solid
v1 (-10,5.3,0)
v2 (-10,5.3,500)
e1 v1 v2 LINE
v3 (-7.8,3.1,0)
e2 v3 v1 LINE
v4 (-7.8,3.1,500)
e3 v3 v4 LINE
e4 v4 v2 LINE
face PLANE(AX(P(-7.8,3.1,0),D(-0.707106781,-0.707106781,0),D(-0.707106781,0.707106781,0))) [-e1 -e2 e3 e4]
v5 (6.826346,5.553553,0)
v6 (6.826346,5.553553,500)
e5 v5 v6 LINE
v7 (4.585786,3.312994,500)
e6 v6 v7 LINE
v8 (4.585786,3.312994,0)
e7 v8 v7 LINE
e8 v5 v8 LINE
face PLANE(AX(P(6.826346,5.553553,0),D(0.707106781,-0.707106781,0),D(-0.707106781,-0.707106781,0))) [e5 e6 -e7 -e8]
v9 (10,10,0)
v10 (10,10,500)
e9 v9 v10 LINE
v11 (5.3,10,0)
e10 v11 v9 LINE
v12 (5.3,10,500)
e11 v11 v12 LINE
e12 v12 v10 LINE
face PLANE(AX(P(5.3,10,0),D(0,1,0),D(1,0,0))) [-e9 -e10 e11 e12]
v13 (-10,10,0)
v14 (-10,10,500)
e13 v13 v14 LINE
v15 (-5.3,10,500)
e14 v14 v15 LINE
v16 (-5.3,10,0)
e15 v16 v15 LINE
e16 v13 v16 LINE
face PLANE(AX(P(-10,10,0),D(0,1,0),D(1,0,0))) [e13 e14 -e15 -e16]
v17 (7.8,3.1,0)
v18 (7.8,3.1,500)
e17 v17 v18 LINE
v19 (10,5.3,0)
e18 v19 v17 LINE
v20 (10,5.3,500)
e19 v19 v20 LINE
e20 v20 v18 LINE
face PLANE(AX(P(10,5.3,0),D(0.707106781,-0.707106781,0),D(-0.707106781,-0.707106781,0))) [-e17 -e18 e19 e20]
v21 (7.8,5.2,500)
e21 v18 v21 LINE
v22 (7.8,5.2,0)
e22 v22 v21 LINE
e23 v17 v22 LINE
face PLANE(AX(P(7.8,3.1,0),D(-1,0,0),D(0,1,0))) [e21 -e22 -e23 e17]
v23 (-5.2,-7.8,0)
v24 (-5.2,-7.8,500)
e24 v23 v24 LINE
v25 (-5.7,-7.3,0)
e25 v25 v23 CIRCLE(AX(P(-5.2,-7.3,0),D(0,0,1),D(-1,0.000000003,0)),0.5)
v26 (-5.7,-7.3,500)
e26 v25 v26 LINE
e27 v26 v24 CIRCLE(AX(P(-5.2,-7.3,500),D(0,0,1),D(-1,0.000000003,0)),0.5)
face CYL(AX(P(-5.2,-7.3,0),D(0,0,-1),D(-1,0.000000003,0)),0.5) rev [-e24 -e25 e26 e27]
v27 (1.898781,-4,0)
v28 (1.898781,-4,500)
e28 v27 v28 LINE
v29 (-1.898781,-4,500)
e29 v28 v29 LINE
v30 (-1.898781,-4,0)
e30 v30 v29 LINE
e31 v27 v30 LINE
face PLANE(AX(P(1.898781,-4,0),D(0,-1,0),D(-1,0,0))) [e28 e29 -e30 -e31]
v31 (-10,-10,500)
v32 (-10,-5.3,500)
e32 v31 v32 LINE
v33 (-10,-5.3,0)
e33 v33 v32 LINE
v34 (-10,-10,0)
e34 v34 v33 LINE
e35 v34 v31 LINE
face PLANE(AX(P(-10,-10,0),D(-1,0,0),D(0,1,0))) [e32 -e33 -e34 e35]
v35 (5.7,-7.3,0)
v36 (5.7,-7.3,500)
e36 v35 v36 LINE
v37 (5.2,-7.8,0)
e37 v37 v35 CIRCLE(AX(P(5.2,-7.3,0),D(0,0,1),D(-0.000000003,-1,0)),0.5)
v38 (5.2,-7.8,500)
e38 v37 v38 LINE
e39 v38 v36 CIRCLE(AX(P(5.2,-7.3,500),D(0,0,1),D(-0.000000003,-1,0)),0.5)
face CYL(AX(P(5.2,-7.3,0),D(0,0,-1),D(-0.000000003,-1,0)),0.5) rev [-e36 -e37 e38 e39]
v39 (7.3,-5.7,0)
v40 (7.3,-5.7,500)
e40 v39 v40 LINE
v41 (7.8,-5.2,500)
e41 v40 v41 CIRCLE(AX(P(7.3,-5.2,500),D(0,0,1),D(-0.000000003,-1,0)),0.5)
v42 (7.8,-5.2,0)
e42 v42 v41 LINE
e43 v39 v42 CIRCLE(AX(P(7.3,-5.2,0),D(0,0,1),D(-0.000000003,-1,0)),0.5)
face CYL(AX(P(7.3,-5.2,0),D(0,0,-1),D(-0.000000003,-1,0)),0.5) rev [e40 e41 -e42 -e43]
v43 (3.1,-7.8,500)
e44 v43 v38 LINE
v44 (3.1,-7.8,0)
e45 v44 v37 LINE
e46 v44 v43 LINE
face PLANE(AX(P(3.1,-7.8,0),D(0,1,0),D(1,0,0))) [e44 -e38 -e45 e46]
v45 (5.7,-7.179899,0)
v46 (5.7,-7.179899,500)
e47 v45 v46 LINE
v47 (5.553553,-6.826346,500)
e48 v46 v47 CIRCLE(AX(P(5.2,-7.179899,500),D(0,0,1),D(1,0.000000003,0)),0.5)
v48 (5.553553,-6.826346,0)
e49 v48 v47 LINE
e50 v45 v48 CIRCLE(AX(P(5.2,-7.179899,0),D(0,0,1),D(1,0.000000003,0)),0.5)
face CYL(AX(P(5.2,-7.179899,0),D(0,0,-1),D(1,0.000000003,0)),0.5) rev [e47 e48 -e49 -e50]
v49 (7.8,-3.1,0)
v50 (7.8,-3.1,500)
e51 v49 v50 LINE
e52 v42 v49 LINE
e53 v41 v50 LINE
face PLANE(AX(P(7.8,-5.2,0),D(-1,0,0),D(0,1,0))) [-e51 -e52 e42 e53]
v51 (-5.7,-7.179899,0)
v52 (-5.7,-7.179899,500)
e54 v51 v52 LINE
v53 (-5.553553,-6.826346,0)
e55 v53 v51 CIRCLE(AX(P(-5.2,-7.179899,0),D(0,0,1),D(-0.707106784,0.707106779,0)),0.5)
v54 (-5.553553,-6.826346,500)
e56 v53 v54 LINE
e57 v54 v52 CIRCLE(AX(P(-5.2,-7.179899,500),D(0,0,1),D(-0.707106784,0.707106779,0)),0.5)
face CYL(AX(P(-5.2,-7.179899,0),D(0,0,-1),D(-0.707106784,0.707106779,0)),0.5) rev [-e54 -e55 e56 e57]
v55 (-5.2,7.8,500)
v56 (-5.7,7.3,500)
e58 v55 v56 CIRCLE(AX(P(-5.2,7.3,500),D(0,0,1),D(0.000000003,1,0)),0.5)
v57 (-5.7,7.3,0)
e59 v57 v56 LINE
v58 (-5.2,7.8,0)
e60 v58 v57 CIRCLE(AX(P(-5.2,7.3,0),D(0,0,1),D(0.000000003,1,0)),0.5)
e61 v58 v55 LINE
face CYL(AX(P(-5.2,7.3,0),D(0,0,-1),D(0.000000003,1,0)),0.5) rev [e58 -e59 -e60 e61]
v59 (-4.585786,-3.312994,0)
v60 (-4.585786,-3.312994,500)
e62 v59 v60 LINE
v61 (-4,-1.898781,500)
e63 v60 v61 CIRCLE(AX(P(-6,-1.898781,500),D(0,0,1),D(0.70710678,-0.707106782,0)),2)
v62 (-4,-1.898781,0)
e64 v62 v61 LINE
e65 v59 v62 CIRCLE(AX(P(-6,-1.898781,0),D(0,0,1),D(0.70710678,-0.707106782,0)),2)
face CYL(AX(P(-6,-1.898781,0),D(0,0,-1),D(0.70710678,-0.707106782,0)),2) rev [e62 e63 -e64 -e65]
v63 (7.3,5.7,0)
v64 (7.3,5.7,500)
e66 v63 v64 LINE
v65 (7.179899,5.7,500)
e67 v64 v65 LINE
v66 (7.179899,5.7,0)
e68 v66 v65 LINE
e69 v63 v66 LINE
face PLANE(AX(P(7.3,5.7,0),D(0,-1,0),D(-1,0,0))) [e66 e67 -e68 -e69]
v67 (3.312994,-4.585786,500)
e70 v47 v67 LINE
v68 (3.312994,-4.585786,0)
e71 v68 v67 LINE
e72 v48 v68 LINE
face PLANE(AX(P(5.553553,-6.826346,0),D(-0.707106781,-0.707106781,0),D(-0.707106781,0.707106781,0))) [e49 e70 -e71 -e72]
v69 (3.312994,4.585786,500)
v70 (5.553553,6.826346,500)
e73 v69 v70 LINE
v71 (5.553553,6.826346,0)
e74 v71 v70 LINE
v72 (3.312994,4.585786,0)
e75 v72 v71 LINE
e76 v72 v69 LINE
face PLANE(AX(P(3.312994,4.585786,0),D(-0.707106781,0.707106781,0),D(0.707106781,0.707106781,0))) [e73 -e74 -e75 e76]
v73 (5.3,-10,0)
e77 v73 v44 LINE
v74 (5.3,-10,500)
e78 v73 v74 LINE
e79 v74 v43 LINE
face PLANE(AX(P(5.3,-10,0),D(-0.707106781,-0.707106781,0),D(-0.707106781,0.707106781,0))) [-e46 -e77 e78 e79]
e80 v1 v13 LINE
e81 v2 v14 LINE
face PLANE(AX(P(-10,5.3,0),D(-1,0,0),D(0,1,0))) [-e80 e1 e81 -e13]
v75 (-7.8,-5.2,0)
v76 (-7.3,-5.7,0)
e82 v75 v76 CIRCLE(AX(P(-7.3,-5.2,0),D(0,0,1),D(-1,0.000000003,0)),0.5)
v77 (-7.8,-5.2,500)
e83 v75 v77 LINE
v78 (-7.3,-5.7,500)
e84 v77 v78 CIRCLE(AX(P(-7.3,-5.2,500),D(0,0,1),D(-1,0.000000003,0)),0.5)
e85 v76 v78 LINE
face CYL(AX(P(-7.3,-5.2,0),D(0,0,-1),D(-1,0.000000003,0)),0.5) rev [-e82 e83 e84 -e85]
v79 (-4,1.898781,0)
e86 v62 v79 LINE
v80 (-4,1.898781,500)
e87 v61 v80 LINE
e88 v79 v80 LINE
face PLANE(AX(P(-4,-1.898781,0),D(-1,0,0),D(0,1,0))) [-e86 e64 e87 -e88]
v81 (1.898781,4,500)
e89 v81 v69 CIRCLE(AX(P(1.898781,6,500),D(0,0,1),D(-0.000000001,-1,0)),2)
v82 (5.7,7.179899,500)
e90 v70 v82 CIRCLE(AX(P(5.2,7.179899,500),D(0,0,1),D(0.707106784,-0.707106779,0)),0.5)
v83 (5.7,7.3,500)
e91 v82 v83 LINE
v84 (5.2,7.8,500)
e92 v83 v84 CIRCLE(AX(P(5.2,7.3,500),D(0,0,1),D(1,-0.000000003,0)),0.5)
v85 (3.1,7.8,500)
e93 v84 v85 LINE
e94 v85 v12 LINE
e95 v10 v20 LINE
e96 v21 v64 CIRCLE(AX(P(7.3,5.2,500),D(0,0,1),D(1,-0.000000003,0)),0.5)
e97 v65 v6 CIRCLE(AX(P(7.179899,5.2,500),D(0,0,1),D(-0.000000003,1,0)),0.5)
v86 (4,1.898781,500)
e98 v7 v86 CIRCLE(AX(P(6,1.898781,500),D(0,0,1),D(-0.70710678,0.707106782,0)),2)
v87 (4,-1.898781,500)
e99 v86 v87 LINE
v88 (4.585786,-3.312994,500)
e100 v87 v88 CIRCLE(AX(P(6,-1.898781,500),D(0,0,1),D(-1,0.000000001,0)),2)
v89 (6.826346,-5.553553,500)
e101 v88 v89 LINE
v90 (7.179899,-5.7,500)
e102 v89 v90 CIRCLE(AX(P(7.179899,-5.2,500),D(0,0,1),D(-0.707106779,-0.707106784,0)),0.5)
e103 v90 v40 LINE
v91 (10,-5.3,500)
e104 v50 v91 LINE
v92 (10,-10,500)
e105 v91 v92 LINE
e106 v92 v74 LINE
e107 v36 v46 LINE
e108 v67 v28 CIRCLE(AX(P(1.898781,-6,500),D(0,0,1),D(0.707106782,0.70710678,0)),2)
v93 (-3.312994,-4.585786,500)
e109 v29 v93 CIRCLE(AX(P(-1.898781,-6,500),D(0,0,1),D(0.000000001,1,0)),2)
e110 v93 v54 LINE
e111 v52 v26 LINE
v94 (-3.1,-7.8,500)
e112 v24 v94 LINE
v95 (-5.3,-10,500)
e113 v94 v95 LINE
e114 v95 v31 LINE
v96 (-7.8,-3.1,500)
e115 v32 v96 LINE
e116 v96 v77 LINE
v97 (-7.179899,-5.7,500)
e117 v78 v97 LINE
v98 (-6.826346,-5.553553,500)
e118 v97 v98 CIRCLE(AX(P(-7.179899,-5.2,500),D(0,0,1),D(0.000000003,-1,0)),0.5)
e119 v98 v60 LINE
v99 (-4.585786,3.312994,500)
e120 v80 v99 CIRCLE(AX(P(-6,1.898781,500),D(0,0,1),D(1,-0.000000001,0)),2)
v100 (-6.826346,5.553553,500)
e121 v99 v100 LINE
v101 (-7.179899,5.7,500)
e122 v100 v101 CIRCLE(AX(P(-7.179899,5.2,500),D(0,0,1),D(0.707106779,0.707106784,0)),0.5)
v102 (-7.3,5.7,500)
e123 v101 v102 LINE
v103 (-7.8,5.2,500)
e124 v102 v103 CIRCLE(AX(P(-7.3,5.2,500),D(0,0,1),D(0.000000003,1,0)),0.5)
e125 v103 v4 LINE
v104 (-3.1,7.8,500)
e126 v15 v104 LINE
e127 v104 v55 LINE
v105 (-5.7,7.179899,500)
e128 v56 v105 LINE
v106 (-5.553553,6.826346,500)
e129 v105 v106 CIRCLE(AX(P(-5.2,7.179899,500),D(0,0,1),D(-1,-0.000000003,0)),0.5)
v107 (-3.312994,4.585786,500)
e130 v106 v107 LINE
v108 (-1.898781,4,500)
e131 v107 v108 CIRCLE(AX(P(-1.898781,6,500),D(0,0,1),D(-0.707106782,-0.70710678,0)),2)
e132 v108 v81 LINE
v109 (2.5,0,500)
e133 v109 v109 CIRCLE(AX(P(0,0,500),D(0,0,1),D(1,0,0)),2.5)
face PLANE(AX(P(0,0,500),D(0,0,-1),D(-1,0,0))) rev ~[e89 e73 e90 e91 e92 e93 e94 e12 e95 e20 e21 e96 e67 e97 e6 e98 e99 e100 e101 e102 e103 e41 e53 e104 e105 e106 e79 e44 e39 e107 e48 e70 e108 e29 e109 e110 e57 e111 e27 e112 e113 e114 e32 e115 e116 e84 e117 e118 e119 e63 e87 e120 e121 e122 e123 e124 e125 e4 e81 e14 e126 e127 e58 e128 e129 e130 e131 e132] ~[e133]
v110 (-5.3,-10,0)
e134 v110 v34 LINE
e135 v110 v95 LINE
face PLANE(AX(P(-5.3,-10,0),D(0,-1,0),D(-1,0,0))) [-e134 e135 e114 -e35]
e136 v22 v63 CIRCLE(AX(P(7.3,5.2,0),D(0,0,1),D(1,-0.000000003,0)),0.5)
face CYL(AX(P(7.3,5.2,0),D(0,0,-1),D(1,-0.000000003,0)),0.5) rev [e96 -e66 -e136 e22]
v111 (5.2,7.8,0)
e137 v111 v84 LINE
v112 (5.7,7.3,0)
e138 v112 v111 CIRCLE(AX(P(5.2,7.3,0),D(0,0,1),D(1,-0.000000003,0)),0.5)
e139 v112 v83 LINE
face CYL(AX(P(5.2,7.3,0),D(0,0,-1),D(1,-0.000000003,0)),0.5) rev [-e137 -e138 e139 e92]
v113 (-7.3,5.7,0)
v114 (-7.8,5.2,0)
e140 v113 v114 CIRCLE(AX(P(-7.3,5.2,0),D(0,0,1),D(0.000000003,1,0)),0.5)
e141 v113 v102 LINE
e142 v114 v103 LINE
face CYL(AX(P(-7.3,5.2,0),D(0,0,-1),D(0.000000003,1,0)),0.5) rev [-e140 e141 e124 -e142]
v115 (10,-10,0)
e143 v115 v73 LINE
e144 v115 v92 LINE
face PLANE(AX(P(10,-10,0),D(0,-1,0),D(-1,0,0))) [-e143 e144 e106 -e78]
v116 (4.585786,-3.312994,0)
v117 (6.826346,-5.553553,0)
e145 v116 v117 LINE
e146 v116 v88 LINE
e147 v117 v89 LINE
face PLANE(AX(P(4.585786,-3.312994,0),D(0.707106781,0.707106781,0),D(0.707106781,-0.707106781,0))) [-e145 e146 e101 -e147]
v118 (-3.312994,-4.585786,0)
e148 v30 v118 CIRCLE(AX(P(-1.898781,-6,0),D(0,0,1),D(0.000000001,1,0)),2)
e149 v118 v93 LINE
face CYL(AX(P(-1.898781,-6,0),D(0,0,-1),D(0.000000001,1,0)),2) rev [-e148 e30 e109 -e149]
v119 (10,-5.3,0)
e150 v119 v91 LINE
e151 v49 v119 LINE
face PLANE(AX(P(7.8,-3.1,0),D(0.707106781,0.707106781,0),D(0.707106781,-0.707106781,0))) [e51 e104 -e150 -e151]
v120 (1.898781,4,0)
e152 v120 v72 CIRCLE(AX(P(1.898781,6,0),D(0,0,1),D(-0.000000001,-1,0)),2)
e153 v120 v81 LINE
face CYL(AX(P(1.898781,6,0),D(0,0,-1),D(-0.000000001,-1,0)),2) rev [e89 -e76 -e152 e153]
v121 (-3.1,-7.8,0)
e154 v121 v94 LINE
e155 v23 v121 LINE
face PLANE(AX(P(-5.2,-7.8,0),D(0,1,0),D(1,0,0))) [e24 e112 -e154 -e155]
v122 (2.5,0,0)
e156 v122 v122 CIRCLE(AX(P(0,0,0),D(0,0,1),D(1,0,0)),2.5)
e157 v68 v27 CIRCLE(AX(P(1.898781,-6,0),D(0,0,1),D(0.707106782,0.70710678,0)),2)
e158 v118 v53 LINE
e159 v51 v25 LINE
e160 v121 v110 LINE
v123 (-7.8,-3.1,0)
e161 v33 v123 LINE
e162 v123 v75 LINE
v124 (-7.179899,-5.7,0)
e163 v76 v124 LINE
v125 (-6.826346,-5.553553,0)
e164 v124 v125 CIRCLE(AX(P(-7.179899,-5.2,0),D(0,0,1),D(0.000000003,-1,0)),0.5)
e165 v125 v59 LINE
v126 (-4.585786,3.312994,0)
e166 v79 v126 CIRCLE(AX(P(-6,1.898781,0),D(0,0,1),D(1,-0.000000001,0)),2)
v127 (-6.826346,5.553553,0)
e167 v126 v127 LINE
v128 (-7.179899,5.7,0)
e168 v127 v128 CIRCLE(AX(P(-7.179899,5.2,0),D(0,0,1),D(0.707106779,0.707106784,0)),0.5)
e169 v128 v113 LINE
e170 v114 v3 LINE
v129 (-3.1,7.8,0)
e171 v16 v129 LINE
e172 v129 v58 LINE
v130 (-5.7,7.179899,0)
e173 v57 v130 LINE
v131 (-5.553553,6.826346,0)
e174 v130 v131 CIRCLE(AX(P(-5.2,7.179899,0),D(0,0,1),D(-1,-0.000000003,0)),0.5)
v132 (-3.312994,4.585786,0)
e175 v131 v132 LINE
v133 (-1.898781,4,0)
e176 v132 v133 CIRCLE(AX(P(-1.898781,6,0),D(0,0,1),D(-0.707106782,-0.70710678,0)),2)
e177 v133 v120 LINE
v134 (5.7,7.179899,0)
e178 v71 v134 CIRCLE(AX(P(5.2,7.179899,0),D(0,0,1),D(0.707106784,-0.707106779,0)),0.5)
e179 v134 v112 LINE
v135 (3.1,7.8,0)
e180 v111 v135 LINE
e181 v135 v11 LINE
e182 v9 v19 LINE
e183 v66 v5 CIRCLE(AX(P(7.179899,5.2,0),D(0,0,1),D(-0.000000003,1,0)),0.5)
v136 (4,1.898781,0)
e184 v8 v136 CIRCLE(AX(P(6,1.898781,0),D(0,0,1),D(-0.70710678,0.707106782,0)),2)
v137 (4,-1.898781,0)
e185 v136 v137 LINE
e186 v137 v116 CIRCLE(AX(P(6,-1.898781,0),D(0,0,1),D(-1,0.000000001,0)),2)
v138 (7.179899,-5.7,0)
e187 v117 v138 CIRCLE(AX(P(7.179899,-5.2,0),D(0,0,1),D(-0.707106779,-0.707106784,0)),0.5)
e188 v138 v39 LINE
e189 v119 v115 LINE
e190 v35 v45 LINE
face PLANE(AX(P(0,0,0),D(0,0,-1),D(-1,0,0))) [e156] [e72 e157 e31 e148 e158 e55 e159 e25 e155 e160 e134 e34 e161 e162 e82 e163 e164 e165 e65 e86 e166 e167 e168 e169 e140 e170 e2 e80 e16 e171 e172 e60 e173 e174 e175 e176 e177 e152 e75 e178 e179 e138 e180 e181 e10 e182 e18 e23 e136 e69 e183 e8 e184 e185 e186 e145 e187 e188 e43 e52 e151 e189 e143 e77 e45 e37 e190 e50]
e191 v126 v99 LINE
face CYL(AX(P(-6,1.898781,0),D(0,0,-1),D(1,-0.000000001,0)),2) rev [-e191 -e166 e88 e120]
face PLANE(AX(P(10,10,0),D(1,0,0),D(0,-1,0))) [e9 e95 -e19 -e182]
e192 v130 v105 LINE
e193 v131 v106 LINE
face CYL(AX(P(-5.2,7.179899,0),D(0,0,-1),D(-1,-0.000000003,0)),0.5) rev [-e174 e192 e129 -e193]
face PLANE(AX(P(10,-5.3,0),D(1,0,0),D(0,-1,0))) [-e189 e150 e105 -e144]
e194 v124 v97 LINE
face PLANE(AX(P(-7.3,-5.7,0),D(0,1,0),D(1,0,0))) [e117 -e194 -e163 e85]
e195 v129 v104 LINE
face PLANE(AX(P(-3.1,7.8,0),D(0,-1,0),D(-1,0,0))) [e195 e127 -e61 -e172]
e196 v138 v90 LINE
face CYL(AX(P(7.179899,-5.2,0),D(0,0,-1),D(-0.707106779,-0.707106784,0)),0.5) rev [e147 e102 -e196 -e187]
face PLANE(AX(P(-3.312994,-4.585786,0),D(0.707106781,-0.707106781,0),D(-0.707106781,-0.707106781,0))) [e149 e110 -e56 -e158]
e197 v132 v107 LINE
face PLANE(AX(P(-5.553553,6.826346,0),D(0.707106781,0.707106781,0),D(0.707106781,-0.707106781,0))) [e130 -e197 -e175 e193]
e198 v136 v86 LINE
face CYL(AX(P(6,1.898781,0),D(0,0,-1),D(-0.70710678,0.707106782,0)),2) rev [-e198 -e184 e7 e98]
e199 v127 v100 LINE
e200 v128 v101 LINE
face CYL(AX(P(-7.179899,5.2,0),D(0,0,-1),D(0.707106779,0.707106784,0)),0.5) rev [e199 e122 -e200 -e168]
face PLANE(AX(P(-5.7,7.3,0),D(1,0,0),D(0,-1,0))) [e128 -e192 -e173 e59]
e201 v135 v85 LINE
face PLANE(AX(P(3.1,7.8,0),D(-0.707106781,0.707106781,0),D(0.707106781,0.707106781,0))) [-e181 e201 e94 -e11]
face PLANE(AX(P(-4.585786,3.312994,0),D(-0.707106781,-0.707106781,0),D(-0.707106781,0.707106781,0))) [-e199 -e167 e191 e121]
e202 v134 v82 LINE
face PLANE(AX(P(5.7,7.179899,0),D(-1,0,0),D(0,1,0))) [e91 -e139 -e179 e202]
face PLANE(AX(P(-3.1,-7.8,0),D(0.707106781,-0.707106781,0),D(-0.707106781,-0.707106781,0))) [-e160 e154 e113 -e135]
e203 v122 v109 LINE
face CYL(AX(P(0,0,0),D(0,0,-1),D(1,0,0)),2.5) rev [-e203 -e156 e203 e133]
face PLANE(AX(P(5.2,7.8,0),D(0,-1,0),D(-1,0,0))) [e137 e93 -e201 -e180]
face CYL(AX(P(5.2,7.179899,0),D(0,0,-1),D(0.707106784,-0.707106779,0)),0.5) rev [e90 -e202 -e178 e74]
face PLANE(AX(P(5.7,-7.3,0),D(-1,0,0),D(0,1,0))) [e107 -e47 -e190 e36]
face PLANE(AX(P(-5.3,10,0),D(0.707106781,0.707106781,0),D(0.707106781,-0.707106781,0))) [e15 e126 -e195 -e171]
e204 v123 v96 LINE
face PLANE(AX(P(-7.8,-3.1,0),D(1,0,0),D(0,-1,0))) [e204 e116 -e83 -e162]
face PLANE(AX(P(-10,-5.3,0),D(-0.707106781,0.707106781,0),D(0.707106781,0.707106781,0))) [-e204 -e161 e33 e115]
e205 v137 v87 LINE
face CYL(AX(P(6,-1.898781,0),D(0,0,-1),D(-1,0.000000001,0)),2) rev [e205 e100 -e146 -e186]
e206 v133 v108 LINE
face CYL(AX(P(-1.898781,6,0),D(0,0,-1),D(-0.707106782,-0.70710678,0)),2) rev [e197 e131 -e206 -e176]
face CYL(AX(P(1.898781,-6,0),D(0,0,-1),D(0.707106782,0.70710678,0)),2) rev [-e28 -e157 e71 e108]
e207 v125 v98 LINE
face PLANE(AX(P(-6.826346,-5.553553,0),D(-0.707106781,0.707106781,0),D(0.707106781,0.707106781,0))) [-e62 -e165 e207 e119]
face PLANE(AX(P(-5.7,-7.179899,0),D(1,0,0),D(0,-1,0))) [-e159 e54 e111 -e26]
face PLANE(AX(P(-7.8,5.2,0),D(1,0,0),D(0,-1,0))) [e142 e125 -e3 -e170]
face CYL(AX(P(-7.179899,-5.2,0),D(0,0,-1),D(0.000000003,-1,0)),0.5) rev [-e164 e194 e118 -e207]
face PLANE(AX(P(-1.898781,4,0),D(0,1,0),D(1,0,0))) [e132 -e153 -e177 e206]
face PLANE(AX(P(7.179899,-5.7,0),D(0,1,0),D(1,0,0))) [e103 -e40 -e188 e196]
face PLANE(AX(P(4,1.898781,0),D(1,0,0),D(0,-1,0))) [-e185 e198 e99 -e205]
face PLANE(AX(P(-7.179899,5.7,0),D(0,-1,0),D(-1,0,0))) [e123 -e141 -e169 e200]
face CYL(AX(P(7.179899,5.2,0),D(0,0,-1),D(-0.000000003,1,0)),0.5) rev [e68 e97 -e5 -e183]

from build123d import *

# Parameters (mm, degrees)
SKETCH1_R           = 2.5
BOSS_EXTRUDE2_DEPTH = 500


with BuildPart() as part:
    # Sketch1 → Boss-Extrude2 (new body)
    with BuildSketch(Plane.XY):
        with BuildLine():
            Line((-4, 0), (-4, 1.898780669))
            ThreePointArc((-4, 1.898780669), (-4.152240935, 2.664147534), (-4.585786438, 3.312994231))
            Line((-4.585786438, 3.312994231), (-6.826345597, 5.553553391))
            ThreePointArc((-6.826345597, 5.553553391), (-6.988557271, 5.661939766), (-7.179898987, 5.7))
            Line((-7.179898987, 5.7), (-7.3, 5.7))
            ThreePointArc((-7.3, 5.7), (-7.653553391, 5.553553391), (-7.8, 5.2))
            Line((-7.8, 5.2), (-7.8, 3.1))
            Line((-7.8, 3.1), (-10, 5.3))
            Line((-10, 5.3), (-10, 10))
            Line((-10, 10), (-5.3, 10))
            Line((-5.3, 10), (-3.1, 7.8))
            Line((-3.1, 7.8), (-5.2, 7.8))
            ThreePointArc((-5.2, 7.8), (-5.553553391, 7.653553391), (-5.7, 7.3))
            Line((-5.7, 7.3), (-5.7, 7.179898987))
            ThreePointArc((-5.7, 7.179898987), (-5.661939766, 6.988557271), (-5.553553391, 6.826345597))
            Line((-5.553553391, 6.826345597), (-3.312994231, 4.585786438))
            ThreePointArc((-3.312994231, 4.585786438), (-2.664147534, 4.152240935), (-1.898780669, 4))
            Line((-1.898780669, 4), (0, 4))
            Line((0, 4), (1.898780669, 4))
            ThreePointArc((1.898780669, 4), (2.664147534, 4.152240935), (3.312994231, 4.585786438))
            Line((3.312994231, 4.585786438), (5.553553391, 6.826345597))
            ThreePointArc((5.553553391, 6.826345597), (5.661939766, 6.988557271), (5.7, 7.179898987))
            Line((5.7, 7.179898987), (5.7, 7.3))
            ThreePointArc((5.7, 7.3), (5.553553391, 7.653553391), (5.2, 7.8))
            Line((5.2, 7.8), (3.1, 7.8))
            Line((3.1, 7.8), (5.3, 10))
            Line((5.3, 10), (10, 10))
            Line((10, 10), (10, 5.3))
            Line((10, 5.3), (7.8, 3.1))
            Line((7.8, 3.1), (7.8, 5.2))
            ThreePointArc((7.8, 5.2), (7.653553391, 5.553553391), (7.3, 5.7))
            Line((7.3, 5.7), (7.179898987, 5.7))
            ThreePointArc((7.179898987, 5.7), (6.988557271, 5.661939766), (6.826345597, 5.553553391))
            Line((6.826345597, 5.553553391), (4.585786438, 3.312994231))
            ThreePointArc((4.585786438, 3.312994231), (4.152240935, 2.664147534), (4, 1.898780669))
            Line((4, 1.898780669), (4, 0))
            Line((4, 0), (4, -1.898780669))
            ThreePointArc((4, -1.898780669), (4.152240935, -2.664147534), (4.585786438, -3.312994231))
            Line((4.585786438, -3.312994231), (6.826345597, -5.553553391))
            ThreePointArc((6.826345597, -5.553553391), (6.988557271, -5.661939766), (7.179898987, -5.7))
            Line((7.179898987, -5.7), (7.3, -5.7))
            ThreePointArc((7.3, -5.7), (7.653553391, -5.553553391), (7.8, -5.2))
            Line((7.8, -5.2), (7.8, -3.1))
            Line((7.8, -3.1), (10, -5.3))
            Line((10, -5.3), (10, -10))
            Line((10, -10), (5.3, -10))
            Line((5.3, -10), (3.1, -7.8))
            Line((3.1, -7.8), (5.2, -7.8))
            ThreePointArc((5.2, -7.8), (5.553553391, -7.653553391), (5.7, -7.3))
            Line((5.7, -7.3), (5.7, -7.179898987))
            ThreePointArc((5.7, -7.179898987), (5.661939766, -6.988557271), (5.553553391, -6.826345597))
            Line((5.553553391, -6.826345597), (3.312994231, -4.585786438))
            ThreePointArc((3.312994231, -4.585786438), (2.664147534, -4.152240935), (1.898780669, -4))
            Line((1.898780669, -4), (0, -4))
            Line((0, -4), (-1.898780669, -4))
            ThreePointArc((-1.898780669, -4), (-2.664147534, -4.152240935), (-3.312994231, -4.585786438))
            Line((-3.312994231, -4.585786438), (-5.553553391, -6.826345597))
            ThreePointArc((-5.553553391, -6.826345597), (-5.661939766, -6.988557271), (-5.7, -7.179898987))
            Line((-5.7, -7.179898987), (-5.7, -7.3))
            ThreePointArc((-5.7, -7.3), (-5.553553391, -7.653553391), (-5.2, -7.8))
            Line((-5.2, -7.8), (-3.1, -7.8))
            Line((-3.1, -7.8), (-5.3, -10))
            Line((-5.3, -10), (-10, -10))
            Line((-10, -10), (-10, -5.3))
            Line((-10, -5.3), (-7.8, -3.1))
            Line((-7.8, -3.1), (-7.8, -5.2))
            ThreePointArc((-7.8, -5.2), (-7.653553391, -5.553553391), (-7.3, -5.7))
            Line((-7.3, -5.7), (-7.179898987, -5.7))
            ThreePointArc((-7.179898987, -5.7), (-6.988557271, -5.661939766), (-6.826345597, -5.553553391))
            Line((-6.826345597, -5.553553391), (-4.585786438, -3.312994231))
            ThreePointArc((-4.585786438, -3.312994231), (-4.152240935, -2.664147534), (-4, -1.898780669))
            Line((-4, -1.898780669), (-4, 0))
        make_face()
        Circle(SKETCH1_R, mode=Mode.SUBTRACT)
    extrude(amount=BOSS_EXTRUDE2_DEPTH)


solid = part.part
